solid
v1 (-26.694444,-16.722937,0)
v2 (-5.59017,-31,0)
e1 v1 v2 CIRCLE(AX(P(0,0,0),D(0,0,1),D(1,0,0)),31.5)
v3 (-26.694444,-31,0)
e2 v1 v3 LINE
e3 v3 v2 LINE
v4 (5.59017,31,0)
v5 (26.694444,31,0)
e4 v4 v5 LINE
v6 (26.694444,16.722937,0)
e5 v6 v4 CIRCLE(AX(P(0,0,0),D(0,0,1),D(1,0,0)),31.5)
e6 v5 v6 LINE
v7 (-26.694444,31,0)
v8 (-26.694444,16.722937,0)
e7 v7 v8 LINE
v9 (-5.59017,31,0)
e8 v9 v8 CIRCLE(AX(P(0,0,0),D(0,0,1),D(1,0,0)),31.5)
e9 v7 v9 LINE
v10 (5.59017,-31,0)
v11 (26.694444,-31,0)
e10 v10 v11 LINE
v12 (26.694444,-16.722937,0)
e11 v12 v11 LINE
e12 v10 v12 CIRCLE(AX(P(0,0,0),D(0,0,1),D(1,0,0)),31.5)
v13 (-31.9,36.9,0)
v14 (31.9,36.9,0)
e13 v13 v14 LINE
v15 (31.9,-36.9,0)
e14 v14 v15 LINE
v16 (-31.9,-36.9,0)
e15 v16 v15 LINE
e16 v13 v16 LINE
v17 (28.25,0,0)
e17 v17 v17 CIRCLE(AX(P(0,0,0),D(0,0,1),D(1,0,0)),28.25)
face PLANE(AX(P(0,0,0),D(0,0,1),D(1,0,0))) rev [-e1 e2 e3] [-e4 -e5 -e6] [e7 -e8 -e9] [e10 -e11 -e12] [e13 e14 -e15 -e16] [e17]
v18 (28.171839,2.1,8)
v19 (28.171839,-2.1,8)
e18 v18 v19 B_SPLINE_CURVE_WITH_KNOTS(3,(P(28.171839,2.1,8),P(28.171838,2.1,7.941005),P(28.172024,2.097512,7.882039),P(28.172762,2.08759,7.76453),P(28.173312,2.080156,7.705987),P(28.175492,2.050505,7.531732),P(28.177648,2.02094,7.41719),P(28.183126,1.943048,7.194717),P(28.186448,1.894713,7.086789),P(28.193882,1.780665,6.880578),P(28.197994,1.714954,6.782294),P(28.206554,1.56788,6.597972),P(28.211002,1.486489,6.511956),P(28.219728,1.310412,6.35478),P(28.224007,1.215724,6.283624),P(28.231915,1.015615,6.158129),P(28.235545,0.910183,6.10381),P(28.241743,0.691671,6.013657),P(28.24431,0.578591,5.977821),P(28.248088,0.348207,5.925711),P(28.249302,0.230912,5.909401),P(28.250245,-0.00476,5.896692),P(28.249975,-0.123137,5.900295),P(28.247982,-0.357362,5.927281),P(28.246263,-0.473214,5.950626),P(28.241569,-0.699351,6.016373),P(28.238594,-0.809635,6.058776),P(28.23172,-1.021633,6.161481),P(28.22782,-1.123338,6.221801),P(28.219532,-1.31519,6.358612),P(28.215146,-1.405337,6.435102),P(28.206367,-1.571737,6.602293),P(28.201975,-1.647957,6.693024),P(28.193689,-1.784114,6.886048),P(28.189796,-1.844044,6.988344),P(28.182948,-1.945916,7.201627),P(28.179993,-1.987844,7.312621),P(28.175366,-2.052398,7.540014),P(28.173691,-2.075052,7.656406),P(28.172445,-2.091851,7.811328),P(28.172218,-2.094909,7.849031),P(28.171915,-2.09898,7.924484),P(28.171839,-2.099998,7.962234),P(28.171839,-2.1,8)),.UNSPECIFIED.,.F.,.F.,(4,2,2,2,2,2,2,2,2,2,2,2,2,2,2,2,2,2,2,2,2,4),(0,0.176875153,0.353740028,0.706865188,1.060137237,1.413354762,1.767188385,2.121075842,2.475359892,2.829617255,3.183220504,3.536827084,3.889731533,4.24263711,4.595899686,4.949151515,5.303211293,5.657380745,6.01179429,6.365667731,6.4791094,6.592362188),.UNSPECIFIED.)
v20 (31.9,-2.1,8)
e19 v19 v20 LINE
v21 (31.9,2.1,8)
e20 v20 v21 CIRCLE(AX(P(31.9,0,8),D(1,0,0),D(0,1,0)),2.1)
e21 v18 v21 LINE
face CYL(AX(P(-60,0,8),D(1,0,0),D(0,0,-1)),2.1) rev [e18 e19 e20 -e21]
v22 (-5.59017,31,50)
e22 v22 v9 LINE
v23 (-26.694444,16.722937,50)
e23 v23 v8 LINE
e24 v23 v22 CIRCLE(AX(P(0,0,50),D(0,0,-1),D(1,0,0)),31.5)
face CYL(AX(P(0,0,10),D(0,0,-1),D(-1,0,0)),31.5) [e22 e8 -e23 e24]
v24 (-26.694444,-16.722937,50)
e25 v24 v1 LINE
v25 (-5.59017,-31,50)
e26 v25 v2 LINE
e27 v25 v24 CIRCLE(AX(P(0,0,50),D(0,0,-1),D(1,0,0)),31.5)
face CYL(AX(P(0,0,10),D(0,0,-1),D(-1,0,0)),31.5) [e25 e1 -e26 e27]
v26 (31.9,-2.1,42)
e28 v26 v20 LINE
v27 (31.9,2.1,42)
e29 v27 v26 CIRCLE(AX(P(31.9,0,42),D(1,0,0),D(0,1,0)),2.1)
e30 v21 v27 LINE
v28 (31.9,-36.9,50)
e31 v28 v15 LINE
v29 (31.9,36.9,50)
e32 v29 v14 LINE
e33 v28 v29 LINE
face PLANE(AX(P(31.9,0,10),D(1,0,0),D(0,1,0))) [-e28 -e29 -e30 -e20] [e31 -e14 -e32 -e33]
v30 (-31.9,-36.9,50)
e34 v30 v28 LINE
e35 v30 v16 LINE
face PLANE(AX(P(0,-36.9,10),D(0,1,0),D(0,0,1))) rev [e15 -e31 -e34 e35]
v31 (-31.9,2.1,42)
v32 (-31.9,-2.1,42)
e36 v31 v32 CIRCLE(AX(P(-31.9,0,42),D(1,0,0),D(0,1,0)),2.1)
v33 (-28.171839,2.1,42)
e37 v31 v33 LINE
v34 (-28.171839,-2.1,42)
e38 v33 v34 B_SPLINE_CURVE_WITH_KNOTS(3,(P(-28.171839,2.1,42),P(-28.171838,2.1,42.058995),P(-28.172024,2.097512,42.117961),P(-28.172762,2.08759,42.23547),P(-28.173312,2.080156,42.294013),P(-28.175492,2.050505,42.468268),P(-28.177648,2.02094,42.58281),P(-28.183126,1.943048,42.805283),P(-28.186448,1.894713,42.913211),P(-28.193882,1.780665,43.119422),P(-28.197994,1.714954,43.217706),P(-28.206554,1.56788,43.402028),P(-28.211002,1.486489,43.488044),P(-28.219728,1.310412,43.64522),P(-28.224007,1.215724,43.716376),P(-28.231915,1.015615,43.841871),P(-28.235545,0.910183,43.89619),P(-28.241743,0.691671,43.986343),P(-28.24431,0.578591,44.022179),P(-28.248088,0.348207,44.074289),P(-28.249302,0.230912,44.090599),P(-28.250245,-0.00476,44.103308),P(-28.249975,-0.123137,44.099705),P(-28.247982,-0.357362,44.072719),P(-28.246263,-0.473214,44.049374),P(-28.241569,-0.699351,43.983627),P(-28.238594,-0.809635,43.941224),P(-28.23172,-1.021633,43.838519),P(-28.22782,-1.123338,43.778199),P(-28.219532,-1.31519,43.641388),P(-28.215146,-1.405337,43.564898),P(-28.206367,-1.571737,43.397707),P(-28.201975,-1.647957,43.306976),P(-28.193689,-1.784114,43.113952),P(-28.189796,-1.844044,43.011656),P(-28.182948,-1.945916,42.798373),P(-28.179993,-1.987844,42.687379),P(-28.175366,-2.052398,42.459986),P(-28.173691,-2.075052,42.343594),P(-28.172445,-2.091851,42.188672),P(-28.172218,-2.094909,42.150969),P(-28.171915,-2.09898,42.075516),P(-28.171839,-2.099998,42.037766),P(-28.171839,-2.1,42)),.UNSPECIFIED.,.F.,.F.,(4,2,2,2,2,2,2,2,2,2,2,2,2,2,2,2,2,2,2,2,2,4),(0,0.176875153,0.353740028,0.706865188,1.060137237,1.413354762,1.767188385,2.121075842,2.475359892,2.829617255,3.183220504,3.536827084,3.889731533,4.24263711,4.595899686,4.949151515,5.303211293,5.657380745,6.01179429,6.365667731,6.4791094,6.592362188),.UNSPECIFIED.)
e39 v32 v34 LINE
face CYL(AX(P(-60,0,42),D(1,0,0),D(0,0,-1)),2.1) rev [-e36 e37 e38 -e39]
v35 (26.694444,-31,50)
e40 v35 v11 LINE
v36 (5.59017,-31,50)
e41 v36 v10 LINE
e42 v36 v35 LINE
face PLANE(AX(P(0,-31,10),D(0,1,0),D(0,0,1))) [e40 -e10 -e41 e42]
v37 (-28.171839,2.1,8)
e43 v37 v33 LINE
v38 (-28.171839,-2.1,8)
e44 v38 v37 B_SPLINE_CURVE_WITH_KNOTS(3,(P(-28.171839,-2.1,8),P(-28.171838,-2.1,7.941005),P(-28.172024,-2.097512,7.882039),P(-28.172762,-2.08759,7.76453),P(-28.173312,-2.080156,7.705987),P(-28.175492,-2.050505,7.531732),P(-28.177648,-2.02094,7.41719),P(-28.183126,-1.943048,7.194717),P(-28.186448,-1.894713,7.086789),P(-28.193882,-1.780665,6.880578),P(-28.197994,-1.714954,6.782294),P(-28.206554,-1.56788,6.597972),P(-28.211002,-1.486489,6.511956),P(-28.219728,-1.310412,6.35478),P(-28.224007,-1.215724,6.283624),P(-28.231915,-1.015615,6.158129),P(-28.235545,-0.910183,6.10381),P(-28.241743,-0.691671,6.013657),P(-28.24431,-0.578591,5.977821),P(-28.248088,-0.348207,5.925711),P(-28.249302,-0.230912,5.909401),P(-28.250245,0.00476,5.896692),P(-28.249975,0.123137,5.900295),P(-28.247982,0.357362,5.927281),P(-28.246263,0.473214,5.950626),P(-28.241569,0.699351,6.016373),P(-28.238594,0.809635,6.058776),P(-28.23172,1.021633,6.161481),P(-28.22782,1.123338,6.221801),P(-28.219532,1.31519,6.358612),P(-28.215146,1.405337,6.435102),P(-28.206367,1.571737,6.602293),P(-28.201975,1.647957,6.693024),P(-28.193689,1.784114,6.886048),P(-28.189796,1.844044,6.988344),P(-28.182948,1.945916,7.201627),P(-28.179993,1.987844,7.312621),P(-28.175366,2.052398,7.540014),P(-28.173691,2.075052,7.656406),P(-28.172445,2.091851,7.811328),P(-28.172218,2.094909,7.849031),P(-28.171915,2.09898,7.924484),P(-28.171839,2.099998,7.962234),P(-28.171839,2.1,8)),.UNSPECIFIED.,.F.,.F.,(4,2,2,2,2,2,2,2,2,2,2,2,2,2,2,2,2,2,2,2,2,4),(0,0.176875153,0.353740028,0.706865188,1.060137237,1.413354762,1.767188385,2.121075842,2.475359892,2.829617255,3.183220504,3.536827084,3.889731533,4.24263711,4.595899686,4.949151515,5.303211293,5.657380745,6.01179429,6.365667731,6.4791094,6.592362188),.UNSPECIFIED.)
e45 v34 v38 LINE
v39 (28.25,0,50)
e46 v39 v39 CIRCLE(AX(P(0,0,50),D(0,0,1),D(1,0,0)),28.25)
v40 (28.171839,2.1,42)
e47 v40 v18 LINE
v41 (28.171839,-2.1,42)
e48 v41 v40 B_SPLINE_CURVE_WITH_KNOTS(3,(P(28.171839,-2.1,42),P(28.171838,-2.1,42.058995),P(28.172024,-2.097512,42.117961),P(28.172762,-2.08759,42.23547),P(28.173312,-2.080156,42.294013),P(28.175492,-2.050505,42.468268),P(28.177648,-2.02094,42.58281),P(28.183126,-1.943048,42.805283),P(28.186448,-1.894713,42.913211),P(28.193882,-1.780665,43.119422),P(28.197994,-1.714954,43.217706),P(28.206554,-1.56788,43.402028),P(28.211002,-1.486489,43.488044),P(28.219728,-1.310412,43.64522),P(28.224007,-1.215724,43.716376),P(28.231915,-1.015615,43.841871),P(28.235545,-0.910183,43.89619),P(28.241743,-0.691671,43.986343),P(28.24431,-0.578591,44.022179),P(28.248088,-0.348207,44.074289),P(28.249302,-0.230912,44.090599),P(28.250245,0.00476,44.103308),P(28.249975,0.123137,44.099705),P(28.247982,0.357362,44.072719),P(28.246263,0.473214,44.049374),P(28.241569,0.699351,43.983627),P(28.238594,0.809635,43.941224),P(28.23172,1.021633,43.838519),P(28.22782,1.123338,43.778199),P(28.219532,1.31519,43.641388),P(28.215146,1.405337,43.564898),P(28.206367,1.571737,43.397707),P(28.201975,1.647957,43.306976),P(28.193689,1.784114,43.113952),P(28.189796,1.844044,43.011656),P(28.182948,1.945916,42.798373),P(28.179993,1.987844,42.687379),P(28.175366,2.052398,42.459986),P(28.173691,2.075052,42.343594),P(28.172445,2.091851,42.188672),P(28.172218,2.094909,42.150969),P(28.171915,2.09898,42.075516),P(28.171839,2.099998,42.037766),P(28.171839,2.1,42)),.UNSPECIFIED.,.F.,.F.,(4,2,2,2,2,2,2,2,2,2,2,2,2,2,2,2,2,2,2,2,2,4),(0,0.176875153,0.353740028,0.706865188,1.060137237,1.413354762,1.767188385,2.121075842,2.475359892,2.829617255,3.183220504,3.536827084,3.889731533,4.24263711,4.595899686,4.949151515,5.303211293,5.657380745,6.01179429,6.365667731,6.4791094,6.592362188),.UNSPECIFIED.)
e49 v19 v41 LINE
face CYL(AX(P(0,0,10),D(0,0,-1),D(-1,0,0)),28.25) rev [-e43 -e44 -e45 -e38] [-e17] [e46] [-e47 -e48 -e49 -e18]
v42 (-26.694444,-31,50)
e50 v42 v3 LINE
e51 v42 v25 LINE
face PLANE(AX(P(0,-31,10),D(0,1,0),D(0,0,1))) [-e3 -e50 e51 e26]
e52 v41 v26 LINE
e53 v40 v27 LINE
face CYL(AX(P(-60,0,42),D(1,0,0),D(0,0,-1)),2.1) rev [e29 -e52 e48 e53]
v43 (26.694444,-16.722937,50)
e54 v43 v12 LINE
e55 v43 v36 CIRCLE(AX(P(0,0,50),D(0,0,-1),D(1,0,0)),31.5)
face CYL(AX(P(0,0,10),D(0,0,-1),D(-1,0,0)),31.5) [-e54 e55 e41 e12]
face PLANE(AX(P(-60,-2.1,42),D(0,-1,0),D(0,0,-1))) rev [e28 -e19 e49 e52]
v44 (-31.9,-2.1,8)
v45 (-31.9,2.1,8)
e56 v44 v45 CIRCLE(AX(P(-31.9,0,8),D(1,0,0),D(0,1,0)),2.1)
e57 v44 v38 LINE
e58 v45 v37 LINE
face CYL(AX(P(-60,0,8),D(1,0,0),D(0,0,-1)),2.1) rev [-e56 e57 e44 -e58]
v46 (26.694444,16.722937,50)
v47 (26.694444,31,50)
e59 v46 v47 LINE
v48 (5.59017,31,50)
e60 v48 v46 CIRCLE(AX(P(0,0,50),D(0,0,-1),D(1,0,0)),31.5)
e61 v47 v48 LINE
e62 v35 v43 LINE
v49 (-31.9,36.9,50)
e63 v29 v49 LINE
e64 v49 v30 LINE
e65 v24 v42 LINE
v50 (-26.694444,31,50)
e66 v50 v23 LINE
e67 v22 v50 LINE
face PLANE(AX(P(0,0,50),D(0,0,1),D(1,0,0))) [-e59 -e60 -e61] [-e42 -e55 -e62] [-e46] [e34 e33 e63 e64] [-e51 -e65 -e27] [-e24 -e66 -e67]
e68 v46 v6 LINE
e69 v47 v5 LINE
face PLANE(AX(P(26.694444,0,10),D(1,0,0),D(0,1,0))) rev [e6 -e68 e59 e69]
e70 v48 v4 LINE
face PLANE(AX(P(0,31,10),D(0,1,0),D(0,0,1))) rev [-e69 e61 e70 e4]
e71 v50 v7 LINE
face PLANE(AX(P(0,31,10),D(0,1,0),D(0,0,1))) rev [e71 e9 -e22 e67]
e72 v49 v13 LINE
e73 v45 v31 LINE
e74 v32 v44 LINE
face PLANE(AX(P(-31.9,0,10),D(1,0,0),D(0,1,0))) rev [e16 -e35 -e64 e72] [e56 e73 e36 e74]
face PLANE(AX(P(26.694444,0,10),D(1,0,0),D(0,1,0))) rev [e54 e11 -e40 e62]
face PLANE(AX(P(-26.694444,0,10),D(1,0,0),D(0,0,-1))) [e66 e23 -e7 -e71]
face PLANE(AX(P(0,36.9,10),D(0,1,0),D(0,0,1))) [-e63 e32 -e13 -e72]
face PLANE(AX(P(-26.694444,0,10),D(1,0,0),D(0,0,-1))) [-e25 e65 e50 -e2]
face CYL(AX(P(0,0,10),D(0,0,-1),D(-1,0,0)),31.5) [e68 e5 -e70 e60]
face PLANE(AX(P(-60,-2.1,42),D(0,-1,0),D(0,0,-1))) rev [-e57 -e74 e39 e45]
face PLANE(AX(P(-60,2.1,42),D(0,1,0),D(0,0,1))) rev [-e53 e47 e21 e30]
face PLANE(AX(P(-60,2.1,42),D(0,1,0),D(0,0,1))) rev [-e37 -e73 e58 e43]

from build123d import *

# Parameters (mm, degrees)
SKETCH1_W            = 63.8
SKETCH1_H            = 73.8
SKETCH1_R            = 28.25
BOSS_EXTRUDE19_DEPTH = 10
SKETCH1_16_W         = 63.8
SKETCH1_16_H         = 73.8
SKETCH1_16_R         = 28.25
BOSS_EXTRUDE20_DEPTH = 50
CUT_EXTRUDE1_DEPTH   = 100


with BuildPart() as part:
    # Sketch1 → Boss-Extrude19 (new body)
    with BuildSketch(Plane.XY):
        Rectangle(SKETCH1_W, SKETCH1_H)
        with BuildLine():
            Line((-26.694444444, -31), (-26.694444444, -16.722937415))
            ThreePointArc((-26.694444444, -16.722937415), (-17.650289249, -26.090559393), (-5.590169944, -31))
            Line((-5.590169944, -31), (-26.694444444, -31))
        make_face(mode=Mode.SUBTRACT)
        with BuildLine():
            Line((26.694444444, -31), (5.590169944, -31))
            ThreePointArc((5.590169944, -31), (17.650289249, -26.090559393), (26.694444444, -16.722937415))
            Line((26.694444444, -16.722937415), (26.694444444, -31))
        make_face(mode=Mode.SUBTRACT)
        Circle(SKETCH1_R, mode=Mode.SUBTRACT)
        with BuildLine():
            Line((-26.694444444, 16.722937415), (-26.694444444, 31))
            Line((-26.694444444, 31), (-5.590169944, 31))
            ThreePointArc((-5.590169944, 31), (-17.650289249, 26.090559393), (-26.694444444, 16.722937415))
        make_face(mode=Mode.SUBTRACT)
        with BuildLine():
            ThreePointArc((26.694444444, 16.722937415), (17.650289249, 26.090559393), (5.590169944, 31))
            Line((5.590169944, 31), (26.694444444, 31))
            Line((26.694444444, 31), (26.694444444, 16.722937415))
        make_face(mode=Mode.SUBTRACT)
    extrude(amount=BOSS_EXTRUDE19_DEPTH)

    # Sketch1<16> → Boss-Extrude20 (add)
    with BuildSketch(Plane.XY):
        Rectangle(SKETCH1_16_W, SKETCH1_16_H)
        Circle(SKETCH1_16_R, mode=Mode.SUBTRACT)
        with BuildLine():
            Line((-26.694444444, -16.722937415), (-26.694444444, -31))
            Line((-26.694444444, -31), (-5.590169944, -31))
            ThreePointArc((-5.590169944, -31), (-17.650289249, -26.090559393), (-26.694444444, -16.722937415))
        make_face(mode=Mode.SUBTRACT)
        with BuildLine():
            Line((5.590169944, -31), (26.694444444, -31))
            Line((26.694444444, -31), (26.694444444, -16.722937415))
            ThreePointArc((26.694444444, -16.722937415), (17.650289249, -26.090559393), (5.590169944, -31))
        make_face(mode=Mode.SUBTRACT)
        with BuildLine():
            Line((5.590169944, 31), (26.694444444, 31))
            Line((26.694444444, 31), (26.694444444, 16.722937415))
            ThreePointArc((26.694444444, 16.722937415), (17.650289249, 26.090559393), (5.590169944, 31))
        make_face(mode=Mode.SUBTRACT)
        with BuildLine():
            Line((-26.694444444, 31), (-5.590169944, 31))
            ThreePointArc((-5.590169944, 31), (-17.650289249, 26.090559393), (-26.694444444, 16.722937415))
            Line((-26.694444444, 16.722937415), (-26.694444444, 31))
        make_face(mode=Mode.SUBTRACT)
    extrude(amount=BOSS_EXTRUDE20_DEPTH)

    # Sketch7 → Cut-Extrude1 (cut)
    with BuildSketch(Plane(origin=(40, 0, 0), x_dir=(0, 0, -1), z_dir=(1, 0, 0))):
        with BuildLine():
            Line((-42, 2.1), (-8, 2.1))
            ThreePointArc((-8, 2.1), (-5.9, 0), (-8, -2.1))
            Line((-8, -2.1), (-42, -2.1))
            ThreePointArc((-42, -2.1), (-44.1, 0), (-42, 2.1))
        make_face()
    extrude(amount=-CUT_EXTRUDE1_DEPTH, mode=Mode.SUBTRACT)


solid = part.part
